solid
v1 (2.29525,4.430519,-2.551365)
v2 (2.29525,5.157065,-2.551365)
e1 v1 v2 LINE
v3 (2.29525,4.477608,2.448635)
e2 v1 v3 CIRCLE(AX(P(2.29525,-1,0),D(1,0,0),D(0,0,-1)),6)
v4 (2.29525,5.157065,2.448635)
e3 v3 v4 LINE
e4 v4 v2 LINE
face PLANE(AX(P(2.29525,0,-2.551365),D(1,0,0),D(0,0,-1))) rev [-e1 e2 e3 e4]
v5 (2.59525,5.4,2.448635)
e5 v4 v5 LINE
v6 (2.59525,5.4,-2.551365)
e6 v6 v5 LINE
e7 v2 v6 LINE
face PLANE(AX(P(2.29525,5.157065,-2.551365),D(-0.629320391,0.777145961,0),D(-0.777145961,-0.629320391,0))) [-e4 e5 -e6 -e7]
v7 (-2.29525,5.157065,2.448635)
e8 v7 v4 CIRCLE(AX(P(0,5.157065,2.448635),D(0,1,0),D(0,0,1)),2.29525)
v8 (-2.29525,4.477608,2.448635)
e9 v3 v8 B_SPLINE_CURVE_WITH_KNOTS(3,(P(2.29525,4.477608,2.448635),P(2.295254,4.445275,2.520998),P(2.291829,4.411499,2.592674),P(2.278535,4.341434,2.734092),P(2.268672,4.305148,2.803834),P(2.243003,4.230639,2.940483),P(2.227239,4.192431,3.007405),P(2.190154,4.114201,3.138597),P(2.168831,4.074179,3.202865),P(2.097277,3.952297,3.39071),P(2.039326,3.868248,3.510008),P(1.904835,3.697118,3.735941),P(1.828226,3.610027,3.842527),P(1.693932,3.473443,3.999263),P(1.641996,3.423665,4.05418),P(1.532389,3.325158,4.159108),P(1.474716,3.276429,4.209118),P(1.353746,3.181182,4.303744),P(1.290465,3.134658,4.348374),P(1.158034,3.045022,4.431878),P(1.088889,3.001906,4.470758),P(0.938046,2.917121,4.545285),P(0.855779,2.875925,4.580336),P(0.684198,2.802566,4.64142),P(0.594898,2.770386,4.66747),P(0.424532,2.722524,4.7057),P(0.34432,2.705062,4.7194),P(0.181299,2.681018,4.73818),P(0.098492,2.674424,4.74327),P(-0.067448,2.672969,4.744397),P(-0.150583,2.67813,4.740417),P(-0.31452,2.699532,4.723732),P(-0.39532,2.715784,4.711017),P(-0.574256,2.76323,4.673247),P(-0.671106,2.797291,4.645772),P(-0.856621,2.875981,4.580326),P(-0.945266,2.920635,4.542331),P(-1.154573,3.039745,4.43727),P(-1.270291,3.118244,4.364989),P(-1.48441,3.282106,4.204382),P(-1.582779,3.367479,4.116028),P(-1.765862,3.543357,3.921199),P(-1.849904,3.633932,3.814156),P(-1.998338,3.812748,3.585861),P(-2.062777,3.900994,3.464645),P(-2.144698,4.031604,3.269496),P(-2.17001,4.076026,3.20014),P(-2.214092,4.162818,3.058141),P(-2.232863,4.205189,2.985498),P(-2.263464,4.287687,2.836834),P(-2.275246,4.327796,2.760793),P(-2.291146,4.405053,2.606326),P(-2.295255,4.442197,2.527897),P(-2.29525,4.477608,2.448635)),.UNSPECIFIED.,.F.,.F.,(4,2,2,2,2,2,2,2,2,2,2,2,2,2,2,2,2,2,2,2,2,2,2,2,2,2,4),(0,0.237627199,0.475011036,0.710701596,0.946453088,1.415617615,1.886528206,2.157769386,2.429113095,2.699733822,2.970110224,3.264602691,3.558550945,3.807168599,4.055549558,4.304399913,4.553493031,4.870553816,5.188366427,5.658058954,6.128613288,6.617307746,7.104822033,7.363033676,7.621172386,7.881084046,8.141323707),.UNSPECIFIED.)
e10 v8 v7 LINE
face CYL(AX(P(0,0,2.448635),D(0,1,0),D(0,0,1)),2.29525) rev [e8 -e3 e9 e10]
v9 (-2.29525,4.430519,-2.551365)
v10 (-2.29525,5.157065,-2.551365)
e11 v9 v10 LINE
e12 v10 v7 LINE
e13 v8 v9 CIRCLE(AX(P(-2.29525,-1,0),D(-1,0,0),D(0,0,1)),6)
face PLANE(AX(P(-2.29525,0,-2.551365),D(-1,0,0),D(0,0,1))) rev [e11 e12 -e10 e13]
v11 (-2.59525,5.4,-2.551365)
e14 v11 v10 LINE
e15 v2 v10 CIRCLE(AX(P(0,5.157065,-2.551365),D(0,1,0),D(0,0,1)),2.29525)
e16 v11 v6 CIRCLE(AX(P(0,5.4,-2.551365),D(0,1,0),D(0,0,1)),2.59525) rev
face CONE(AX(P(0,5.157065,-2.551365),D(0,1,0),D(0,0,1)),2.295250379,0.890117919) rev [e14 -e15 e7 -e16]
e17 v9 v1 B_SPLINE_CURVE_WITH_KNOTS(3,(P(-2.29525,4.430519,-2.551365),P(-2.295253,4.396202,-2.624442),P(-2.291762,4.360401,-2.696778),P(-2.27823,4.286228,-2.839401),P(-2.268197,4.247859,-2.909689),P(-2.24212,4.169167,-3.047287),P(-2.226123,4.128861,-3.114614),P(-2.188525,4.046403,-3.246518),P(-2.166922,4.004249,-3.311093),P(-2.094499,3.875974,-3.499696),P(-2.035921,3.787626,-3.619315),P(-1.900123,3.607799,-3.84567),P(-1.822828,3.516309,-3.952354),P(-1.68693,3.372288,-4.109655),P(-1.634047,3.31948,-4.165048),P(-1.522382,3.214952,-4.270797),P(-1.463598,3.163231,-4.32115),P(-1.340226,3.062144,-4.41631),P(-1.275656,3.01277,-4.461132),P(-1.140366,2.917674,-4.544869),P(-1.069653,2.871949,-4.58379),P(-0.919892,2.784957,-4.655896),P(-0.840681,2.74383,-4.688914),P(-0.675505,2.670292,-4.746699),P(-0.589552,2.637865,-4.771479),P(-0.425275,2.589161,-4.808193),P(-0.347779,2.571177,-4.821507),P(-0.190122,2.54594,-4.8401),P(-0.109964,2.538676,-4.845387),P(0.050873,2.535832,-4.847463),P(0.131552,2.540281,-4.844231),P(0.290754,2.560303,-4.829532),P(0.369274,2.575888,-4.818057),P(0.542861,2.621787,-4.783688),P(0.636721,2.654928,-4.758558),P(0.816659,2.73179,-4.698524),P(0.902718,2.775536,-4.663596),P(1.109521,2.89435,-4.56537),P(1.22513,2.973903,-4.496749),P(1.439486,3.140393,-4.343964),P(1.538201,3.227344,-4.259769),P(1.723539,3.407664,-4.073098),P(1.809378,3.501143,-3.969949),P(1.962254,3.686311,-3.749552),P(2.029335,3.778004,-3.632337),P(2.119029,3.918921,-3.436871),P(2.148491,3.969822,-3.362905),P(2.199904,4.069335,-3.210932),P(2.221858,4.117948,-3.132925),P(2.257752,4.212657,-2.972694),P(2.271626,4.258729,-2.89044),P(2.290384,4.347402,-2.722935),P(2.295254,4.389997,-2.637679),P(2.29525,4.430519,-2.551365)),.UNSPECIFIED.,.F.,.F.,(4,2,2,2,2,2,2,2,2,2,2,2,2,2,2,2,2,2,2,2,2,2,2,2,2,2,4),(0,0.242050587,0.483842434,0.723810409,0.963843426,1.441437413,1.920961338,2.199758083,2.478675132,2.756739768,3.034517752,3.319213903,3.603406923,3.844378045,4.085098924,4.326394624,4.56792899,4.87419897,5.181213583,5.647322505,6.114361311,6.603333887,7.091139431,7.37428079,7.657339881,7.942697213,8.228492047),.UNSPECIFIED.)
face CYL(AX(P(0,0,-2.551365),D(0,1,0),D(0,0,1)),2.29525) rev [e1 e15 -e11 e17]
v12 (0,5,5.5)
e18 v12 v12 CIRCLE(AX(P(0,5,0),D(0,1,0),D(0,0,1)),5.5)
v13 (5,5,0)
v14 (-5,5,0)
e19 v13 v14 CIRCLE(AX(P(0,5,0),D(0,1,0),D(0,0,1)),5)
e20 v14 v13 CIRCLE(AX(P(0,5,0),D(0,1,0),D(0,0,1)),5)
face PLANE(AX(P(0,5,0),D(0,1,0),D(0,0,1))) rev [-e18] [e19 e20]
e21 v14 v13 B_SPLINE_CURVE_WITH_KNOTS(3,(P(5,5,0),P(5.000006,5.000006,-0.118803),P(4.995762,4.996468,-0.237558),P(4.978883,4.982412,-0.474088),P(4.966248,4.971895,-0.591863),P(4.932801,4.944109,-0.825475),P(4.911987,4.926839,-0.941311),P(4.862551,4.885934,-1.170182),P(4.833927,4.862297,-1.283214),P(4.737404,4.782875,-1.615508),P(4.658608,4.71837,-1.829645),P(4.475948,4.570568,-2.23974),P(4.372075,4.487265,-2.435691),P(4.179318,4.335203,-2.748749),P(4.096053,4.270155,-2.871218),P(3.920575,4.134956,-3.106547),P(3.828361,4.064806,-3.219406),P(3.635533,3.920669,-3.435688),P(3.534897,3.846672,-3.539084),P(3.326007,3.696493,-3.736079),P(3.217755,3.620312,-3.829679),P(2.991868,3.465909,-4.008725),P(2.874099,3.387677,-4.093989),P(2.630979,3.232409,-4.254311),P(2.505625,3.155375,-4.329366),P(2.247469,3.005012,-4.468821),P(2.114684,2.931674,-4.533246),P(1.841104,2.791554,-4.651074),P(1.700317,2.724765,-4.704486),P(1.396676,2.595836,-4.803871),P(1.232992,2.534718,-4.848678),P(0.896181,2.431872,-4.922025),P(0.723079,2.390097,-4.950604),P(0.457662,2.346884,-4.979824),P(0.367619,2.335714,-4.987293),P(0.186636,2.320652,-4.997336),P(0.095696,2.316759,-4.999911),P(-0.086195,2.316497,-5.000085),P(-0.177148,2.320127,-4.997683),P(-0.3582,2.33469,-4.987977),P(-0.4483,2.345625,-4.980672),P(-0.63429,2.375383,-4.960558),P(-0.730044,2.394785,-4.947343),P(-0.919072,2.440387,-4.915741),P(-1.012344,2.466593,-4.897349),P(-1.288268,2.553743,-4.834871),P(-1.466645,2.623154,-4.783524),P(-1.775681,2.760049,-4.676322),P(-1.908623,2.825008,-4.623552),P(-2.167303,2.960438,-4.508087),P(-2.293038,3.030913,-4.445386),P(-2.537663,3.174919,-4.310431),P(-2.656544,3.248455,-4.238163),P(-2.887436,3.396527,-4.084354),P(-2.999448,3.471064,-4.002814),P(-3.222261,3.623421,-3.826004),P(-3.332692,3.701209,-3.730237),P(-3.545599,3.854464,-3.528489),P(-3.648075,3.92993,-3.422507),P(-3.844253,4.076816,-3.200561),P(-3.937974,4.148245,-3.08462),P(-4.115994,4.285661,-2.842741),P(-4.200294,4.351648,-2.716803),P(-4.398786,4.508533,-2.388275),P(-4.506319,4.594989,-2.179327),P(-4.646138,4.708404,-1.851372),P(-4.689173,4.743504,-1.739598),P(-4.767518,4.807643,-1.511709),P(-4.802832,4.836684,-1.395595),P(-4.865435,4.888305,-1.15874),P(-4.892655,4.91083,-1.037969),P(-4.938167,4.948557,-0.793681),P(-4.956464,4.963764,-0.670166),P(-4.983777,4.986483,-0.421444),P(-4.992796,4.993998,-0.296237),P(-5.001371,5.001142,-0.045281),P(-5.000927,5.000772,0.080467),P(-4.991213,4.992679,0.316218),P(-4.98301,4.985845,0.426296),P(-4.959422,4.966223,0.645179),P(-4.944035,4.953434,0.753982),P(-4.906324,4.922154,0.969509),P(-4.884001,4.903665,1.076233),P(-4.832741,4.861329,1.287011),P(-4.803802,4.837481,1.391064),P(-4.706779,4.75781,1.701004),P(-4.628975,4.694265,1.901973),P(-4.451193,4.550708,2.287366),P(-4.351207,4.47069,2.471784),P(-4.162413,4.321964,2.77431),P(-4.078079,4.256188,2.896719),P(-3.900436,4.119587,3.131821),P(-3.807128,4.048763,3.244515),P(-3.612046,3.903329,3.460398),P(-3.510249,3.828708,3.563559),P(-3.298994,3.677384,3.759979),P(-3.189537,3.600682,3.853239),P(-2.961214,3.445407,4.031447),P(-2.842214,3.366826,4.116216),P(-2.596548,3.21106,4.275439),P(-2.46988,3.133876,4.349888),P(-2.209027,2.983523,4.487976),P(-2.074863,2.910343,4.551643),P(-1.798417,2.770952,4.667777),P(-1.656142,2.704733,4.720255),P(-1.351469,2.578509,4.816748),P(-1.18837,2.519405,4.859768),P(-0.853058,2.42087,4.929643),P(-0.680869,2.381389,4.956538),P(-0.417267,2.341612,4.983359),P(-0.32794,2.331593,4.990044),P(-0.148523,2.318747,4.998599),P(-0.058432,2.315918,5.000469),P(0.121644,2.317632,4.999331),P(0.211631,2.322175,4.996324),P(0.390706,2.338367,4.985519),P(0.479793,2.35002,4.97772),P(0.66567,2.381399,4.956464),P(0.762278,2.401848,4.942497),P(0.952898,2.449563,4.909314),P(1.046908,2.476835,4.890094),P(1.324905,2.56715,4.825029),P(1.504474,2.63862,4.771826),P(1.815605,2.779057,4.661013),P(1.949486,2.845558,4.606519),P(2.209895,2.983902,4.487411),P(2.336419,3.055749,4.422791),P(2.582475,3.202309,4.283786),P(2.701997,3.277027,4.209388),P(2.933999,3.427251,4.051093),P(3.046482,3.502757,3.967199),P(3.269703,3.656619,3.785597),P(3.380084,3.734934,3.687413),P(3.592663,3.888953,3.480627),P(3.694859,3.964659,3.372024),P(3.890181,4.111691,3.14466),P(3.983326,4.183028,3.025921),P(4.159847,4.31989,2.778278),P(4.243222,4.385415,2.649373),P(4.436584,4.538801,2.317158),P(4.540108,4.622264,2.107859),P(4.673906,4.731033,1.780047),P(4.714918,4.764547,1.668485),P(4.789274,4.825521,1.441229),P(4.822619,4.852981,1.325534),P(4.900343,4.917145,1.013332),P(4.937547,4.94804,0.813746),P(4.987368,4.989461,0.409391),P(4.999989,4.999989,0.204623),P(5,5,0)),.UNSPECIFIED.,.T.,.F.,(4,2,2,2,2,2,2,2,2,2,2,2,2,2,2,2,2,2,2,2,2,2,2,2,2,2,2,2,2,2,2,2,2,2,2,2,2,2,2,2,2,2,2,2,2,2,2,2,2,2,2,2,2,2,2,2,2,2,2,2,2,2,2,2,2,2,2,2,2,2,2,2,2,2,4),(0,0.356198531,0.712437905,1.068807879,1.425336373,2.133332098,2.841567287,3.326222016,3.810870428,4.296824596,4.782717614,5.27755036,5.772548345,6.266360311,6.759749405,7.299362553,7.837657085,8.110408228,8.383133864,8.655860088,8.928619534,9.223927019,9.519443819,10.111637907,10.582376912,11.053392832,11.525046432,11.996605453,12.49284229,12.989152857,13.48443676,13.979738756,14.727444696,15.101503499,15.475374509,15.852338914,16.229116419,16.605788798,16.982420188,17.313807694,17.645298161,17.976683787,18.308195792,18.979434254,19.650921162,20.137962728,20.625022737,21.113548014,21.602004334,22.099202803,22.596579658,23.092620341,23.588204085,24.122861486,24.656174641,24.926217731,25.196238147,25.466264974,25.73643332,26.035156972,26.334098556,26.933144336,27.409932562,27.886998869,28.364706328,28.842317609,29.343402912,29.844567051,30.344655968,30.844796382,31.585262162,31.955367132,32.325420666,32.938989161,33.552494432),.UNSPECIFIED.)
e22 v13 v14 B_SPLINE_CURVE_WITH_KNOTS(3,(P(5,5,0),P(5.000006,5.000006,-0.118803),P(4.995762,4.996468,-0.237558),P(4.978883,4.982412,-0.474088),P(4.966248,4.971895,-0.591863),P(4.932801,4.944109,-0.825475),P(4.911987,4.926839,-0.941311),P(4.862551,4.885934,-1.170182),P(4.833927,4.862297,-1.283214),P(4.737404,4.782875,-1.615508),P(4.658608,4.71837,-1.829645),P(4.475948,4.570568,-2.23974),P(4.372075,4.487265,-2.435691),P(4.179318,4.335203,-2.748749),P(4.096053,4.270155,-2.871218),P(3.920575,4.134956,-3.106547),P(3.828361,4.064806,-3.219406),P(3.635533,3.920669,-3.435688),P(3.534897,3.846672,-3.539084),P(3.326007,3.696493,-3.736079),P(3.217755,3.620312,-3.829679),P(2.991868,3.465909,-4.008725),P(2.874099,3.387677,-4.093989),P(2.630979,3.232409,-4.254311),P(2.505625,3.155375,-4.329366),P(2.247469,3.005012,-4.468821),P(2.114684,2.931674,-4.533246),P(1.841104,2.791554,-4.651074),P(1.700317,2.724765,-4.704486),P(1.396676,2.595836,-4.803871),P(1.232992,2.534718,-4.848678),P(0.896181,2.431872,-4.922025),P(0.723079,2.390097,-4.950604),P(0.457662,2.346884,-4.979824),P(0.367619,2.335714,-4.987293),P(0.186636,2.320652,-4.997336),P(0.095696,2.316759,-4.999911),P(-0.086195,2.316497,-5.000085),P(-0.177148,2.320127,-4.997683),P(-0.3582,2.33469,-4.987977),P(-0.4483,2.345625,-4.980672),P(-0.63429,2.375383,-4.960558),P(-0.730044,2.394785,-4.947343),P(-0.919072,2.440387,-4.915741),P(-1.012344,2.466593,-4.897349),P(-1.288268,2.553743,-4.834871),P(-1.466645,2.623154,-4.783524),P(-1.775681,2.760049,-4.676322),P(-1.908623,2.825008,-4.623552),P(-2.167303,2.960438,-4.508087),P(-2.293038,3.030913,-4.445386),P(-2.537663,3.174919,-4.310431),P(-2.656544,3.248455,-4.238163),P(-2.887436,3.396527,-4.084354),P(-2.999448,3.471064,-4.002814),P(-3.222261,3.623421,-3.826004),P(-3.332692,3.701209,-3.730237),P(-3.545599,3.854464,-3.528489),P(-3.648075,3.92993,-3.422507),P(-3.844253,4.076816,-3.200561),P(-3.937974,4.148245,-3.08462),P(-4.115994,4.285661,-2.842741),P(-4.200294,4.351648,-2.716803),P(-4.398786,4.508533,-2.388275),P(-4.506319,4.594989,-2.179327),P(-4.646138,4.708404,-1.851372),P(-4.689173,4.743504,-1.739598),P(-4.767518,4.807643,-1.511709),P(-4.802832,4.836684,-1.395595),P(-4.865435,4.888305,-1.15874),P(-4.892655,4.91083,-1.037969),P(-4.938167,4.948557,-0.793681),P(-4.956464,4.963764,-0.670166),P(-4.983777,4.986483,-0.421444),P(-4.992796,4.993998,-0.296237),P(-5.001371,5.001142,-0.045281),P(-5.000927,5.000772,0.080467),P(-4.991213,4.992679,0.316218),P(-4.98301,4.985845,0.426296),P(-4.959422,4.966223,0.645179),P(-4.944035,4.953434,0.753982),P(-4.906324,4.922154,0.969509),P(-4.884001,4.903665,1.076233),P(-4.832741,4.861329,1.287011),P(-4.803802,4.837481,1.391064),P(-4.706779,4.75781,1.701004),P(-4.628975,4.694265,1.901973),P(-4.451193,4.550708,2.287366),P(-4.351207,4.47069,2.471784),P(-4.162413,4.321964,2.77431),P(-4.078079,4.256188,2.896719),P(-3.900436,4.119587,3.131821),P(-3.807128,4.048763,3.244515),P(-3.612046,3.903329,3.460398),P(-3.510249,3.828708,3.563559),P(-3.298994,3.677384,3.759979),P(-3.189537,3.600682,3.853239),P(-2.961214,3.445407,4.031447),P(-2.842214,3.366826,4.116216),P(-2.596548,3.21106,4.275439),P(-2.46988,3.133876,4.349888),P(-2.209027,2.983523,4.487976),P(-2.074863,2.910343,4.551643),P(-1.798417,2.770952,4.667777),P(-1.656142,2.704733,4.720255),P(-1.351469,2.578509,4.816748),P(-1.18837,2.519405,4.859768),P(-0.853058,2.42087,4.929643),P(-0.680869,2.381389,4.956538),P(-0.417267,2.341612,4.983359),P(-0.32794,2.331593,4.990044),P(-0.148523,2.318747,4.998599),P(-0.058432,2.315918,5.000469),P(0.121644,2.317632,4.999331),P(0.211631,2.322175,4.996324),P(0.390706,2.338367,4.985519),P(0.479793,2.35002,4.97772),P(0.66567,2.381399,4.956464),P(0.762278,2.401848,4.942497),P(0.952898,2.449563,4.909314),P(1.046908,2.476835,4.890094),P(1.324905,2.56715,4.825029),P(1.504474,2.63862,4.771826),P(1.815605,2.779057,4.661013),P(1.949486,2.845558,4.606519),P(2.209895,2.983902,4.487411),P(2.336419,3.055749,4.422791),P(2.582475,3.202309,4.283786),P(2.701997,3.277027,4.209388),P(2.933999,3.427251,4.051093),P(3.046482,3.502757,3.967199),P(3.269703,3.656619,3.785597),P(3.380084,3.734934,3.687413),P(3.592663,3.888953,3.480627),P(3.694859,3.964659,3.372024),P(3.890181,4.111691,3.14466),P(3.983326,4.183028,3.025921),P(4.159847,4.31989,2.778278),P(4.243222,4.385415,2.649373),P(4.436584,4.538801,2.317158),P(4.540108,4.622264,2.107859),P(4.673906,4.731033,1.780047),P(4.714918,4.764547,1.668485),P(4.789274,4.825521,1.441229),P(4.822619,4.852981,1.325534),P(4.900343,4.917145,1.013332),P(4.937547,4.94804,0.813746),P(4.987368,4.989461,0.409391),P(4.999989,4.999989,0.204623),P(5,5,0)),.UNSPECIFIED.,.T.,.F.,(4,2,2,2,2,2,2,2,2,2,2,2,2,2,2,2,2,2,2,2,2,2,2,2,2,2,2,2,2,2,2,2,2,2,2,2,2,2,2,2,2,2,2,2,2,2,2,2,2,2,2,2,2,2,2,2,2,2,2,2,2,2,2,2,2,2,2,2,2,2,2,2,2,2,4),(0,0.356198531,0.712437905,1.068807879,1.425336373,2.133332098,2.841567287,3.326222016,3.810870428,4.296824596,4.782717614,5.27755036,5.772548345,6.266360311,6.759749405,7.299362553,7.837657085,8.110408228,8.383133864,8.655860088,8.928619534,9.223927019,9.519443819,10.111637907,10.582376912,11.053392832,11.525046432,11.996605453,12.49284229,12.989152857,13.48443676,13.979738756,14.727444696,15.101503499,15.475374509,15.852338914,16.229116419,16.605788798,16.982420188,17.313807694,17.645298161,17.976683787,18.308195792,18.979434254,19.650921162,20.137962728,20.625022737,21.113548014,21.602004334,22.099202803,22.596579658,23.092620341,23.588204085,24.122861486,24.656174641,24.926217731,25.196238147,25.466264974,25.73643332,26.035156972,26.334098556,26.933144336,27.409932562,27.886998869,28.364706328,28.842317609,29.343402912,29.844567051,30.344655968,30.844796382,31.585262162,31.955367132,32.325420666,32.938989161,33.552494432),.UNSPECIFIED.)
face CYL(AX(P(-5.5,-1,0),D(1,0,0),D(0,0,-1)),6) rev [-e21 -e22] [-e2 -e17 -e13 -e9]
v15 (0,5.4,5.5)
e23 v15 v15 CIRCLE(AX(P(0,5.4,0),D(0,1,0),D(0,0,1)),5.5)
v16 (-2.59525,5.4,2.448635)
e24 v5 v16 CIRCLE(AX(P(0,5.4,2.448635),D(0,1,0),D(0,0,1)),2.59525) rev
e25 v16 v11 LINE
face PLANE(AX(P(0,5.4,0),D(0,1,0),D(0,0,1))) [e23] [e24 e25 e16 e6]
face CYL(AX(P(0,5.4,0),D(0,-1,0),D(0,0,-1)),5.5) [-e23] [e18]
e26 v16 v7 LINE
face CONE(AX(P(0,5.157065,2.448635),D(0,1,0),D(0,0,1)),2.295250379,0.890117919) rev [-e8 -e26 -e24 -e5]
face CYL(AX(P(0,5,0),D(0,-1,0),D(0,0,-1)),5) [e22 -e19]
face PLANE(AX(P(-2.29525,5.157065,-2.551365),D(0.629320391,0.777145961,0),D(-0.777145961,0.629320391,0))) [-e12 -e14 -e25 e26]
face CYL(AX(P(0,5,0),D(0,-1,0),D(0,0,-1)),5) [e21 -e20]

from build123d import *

# Parameters (mm, degrees)
SKETCH1_R               = 5
BOSS_EXTRUDE1_DEPTH     = 5
SKETCH2_R               = 5.5
BOSS_EXTRUDE2_DEPTH     = 0.4
CUT_EXTRUDE1_DEPTH      = 6.4
SKETCH5_R               = 6
CUT_EXTRUDE2_DEPTH      = 6.5
CUT_EXTRUDE2_DEPTH_BACK = 6.5
CHAMFER4_SIZE           = 0.3
CHAMFER4_SIZE2          = 0.24293521


with BuildPart() as part:
    # Sketch1 → Boss-Extrude1 (new body)
    with BuildSketch(Plane(origin=(0, 0, 0), x_dir=(1, 0, 0), z_dir=(0, 1, 0))):
        Circle(SKETCH1_R)
    extrude(amount=BOSS_EXTRUDE1_DEPTH)

    # Sketch2 → Boss-Extrude2 (add)
    with BuildSketch(Plane(origin=(0, 5, 0), x_dir=(1, 0, 0), z_dir=(0, 1, 0))):
        Circle(SKETCH2_R)
    extrude(amount=BOSS_EXTRUDE2_DEPTH)

    # Sketch4 → Cut-Extrude1 (cut, through all)
    with BuildSketch(Plane(origin=(0, 5.4, 0), x_dir=(1, 0, 0), z_dir=(0, 1, 0))):
        with BuildLine():
            Line((2.295250379, 2.551364647), (2.295250379, -2.448635353))
            ThreePointArc((2.295250379, -2.448635353), (0, -4.743885732), (-2.295250379, -2.448635353))
            Line((-2.295250379, -2.448635353), (-2.295250379, 2.551364647))
            ThreePointArc((-2.295250379, 2.551364647), (0, 4.846615026), (2.295250379, 2.551364647))
        make_face()
    extrude(amount=-CUT_EXTRUDE1_DEPTH, mode=Mode.SUBTRACT)

    # Sketch5 → Cut-Extrude2 (cut, two sides)
    with BuildSketch(Plane(origin=(0, 0, 0), x_dir=(0, 0, -1), z_dir=(1, 0, 0))) as cut_extrude2_sk:
        with Locations((0, -1)):
            Circle(SKETCH5_R)
    extrude(amount=CUT_EXTRUDE2_DEPTH, mode=Mode.SUBTRACT)
    extrude(cut_extrude2_sk.sketch, amount=-CUT_EXTRUDE2_DEPTH_BACK, mode=Mode.SUBTRACT)

    # Chamfer4
    chamfer4_edges = [part.edges().sort_by_distance(p)[0] for p in [
        (0, 5.4, -4.846615026),
        (-2.295250379, 5.4, -0.051364647),
        (0, 5.4, 4.743885732),
        (2.295250379, 5.4, -0.051364647),
    ]]
    chamfer4_side = [part.faces().sort_by_distance(p)[0] for p in [
        (-5.344436508, 5.4, 0),
    ]]
    chamfer(chamfer4_edges, length=CHAMFER4_SIZE, length2=CHAMFER4_SIZE2, reference=chamfer4_side[0])


solid = part.part
